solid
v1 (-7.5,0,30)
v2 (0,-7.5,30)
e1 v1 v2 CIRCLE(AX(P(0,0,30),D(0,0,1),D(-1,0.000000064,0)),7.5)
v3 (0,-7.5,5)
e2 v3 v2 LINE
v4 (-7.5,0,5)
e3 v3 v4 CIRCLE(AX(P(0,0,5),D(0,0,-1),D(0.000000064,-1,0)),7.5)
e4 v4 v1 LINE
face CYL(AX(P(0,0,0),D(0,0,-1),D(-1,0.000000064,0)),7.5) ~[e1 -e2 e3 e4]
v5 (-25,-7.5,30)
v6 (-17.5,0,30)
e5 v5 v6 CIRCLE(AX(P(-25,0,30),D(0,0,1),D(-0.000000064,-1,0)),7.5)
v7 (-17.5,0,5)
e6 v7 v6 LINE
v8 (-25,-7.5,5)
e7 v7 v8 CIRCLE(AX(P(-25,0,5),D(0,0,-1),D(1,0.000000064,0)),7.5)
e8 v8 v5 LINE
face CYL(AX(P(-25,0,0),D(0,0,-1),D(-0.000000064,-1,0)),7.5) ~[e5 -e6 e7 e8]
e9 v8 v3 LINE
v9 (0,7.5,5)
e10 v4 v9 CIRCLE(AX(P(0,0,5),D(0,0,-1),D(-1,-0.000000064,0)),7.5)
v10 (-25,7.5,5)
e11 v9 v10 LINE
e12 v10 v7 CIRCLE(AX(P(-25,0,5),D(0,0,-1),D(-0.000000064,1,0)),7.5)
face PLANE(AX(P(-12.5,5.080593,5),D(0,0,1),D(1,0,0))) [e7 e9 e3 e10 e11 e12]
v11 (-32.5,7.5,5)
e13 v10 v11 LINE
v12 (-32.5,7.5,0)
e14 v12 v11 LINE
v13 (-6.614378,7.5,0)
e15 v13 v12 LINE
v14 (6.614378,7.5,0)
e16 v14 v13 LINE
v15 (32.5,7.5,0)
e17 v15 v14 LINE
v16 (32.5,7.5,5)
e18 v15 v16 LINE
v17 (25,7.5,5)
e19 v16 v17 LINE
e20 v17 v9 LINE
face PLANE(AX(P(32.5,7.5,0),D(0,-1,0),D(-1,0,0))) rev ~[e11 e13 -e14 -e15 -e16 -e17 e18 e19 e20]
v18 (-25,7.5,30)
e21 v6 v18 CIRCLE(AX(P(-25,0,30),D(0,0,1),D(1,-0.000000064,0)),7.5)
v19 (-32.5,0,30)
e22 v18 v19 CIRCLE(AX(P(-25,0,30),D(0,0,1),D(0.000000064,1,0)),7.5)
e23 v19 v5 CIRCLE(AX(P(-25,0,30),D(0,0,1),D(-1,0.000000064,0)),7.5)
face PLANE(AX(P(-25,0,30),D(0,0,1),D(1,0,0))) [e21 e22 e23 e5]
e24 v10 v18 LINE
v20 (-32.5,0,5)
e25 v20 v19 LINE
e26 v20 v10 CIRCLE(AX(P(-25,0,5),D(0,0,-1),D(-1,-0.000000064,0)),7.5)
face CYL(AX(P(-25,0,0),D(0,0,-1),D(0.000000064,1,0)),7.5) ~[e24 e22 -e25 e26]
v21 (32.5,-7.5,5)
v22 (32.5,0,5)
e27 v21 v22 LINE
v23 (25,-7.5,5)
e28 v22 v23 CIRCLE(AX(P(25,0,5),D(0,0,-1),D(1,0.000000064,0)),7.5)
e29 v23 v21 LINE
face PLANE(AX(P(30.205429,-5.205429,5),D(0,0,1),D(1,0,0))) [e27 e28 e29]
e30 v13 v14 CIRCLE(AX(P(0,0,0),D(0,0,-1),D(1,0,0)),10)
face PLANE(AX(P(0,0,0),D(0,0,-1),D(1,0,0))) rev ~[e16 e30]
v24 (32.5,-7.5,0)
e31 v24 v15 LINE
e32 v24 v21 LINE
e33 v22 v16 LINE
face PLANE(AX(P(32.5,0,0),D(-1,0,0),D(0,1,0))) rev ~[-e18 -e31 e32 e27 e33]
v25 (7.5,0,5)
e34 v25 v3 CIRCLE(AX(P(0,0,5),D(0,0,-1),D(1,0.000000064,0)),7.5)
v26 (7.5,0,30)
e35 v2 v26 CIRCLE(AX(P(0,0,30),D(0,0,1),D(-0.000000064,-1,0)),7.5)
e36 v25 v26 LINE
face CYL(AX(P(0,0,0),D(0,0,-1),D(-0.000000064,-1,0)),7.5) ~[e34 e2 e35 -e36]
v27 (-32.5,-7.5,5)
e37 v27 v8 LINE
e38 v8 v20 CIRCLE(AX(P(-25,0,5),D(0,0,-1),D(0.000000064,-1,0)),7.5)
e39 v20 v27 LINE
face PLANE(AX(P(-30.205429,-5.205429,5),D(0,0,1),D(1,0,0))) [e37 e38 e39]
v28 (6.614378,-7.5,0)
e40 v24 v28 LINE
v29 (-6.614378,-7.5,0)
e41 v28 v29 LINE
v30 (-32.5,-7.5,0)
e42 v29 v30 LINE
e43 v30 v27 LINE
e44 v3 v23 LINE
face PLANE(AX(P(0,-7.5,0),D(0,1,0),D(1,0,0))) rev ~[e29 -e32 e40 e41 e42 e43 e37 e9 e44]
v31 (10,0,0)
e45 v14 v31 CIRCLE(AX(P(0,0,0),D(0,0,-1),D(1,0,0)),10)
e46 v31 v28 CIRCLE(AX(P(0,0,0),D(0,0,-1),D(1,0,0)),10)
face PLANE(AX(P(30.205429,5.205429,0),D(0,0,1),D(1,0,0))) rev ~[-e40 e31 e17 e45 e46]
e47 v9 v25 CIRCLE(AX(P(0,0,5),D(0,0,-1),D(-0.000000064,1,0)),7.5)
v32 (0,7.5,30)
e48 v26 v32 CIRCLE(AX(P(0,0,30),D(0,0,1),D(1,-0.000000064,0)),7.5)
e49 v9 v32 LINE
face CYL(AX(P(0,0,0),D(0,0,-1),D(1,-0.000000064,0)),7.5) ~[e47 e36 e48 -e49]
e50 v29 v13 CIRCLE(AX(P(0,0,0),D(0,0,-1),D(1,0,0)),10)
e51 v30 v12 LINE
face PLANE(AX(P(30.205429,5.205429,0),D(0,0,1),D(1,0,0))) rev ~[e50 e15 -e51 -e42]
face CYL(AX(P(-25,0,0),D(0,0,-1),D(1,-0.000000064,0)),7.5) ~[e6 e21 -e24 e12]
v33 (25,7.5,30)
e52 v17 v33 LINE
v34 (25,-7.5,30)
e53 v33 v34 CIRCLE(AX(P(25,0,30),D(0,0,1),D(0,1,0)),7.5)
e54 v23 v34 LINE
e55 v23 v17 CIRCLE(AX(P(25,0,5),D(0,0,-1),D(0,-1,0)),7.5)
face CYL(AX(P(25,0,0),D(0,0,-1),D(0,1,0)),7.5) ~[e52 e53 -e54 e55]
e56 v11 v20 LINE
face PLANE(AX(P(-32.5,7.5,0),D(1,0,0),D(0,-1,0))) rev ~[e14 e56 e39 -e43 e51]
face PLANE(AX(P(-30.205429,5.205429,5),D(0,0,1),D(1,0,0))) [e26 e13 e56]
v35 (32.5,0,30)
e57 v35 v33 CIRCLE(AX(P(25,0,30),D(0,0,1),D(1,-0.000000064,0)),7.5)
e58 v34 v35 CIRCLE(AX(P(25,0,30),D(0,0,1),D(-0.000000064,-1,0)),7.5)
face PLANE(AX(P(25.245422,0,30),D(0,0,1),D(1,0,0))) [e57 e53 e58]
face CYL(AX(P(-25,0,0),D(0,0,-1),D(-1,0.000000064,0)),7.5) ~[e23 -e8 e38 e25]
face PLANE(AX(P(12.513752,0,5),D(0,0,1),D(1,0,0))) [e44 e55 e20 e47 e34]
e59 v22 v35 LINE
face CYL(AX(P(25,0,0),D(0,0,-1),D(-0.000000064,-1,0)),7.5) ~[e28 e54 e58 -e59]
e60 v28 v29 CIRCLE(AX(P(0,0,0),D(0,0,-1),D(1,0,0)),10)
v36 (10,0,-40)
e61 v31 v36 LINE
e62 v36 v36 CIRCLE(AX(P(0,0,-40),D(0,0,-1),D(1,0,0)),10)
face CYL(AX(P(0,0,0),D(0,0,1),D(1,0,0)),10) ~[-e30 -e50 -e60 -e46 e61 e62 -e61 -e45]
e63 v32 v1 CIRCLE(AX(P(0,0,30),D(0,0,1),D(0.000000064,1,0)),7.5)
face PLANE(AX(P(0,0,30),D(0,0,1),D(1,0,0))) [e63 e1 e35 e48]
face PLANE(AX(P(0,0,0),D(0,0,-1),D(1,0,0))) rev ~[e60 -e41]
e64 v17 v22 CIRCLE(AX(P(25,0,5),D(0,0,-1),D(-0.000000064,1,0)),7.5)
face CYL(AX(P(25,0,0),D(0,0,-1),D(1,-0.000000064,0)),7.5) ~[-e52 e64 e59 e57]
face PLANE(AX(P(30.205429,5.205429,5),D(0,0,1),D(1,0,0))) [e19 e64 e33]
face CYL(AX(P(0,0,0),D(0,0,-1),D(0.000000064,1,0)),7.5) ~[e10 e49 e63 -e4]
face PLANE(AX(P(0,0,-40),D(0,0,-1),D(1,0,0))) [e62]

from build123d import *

# Parameters (mm, degrees)
F1_DEPTH = 5
F2_DEPTH = 30
F3_DEPTH = 30
F4_DEPTH = 30
F5_R     = 10
F6_DEPTH = 40


with BuildPart() as f1:
    # F0 (on Top) → F1 (new body)
    with BuildSketch(Plane.XY):
        with BuildLine():
            Line((32.5, 0), (32.5, 7.5))
            Line((32.5, 7.5), (25, 7.5))
            ThreePointArc((25, 7.5), (30.303301, 5.303301), (32.5, 0))
        make_face()
        with BuildLine():
            ThreePointArc((25, -7.5), (17.5, 0), (25, 7.5))
            Line((25, 7.5), (0, 7.5))
            ThreePointArc((0, 7.5), (5.303301, 5.303301), (7.5, 0))
            ThreePointArc((7.5, 0), (5.303301, -5.303301), (0, -7.5))
            Line((0, -7.5), (25, -7.5))
        make_face()
        with BuildLine():
            Line((32.5, -7.5), (32.5, 0))
            ThreePointArc((32.5, 0), (30.303301, -5.303301), (25, -7.5))
            Line((25, -7.5), (32.5, -7.5))
        make_face()
        with BuildLine():
            ThreePointArc((-7.5, 0), (-5.303301, 5.303301), (0, 7.5))
            Line((0, 7.5), (-25, 7.5))
            ThreePointArc((-25, 7.5), (-19.696699, 5.303301), (-17.5, 0))
            Line((-17.5, 0), (-7.5, 0))
        make_face()
        with BuildLine():
            ThreePointArc((-32.5, 0), (-30.303301, 5.303301), (-25, 7.5))
            Line((-25, 7.5), (-32.5, 7.5))
            Line((-32.5, 7.5), (-32.5, 0))
        make_face()
        with BuildLine():
            ThreePointArc((0, -7.5), (-5.303301, -5.303301), (-7.5, 0))
            Line((-7.5, 0), (-17.5, 0))
            ThreePointArc((-17.5, 0), (-19.696699, -5.303301), (-25, -7.5))
            Line((-25, -7.5), (0, -7.5))
        make_face()
        with BuildLine():
            ThreePointArc((-25, -7.5), (-30.303301, -5.303301), (-32.5, 0))
            Line((-32.5, 0), (-32.5, -7.5))
            Line((-32.5, -7.5), (-25, -7.5))
        make_face()
    extrude(amount=F1_DEPTH)

    # F0 (on Top) → F2 (join)
    with BuildSketch(Plane.XY):
        with BuildLine():
            ThreePointArc((-17.5, 0), (-19.696699, 5.303301), (-25, 7.5))
            ThreePointArc((-25, 7.5), (-30.303301, 5.303301), (-32.5, 0))
            ThreePointArc((-32.5, 0), (-30.303301, -5.303301), (-25, -7.5))
            ThreePointArc((-25, -7.5), (-19.696699, -5.303301), (-17.5, 0))
        make_face()
    extrude(amount=F2_DEPTH)

    # F0 (on Top) → F3 (join)
    with BuildSketch(Plane.XY):
        with BuildLine():
            ThreePointArc((7.5, 0), (5.303301, 5.303301), (0, 7.5))
            ThreePointArc((0, 7.5), (-5.303301, 5.303301), (-7.5, 0))
            ThreePointArc((-7.5, 0), (-5.303301, -5.303301), (0, -7.5))
            ThreePointArc((0, -7.5), (5.303301, -5.303301), (7.5, 0))
        make_face()
    extrude(amount=F3_DEPTH)

    # F0 (on Top) → F4 (join)
    with BuildSketch(Plane.XY):
        with BuildLine():
            ThreePointArc((32.5, 0), (30.303301, 5.303301), (25, 7.5))
            ThreePointArc((25, 7.5), (17.5, 0), (25, -7.5))
            ThreePointArc((25, -7.5), (30.303301, -5.303301), (32.5, 0))
        make_face()
    extrude(amount=F4_DEPTH)

    # F5 (on face) → F6 (join)
    with BuildSketch(Plane(origin=(0, 0, 0), x_dir=(1, 0, 0), z_dir=(0, 0, -1))):
        Circle(F5_R)
    extrude(amount=F6_DEPTH)


solid = f1.part
